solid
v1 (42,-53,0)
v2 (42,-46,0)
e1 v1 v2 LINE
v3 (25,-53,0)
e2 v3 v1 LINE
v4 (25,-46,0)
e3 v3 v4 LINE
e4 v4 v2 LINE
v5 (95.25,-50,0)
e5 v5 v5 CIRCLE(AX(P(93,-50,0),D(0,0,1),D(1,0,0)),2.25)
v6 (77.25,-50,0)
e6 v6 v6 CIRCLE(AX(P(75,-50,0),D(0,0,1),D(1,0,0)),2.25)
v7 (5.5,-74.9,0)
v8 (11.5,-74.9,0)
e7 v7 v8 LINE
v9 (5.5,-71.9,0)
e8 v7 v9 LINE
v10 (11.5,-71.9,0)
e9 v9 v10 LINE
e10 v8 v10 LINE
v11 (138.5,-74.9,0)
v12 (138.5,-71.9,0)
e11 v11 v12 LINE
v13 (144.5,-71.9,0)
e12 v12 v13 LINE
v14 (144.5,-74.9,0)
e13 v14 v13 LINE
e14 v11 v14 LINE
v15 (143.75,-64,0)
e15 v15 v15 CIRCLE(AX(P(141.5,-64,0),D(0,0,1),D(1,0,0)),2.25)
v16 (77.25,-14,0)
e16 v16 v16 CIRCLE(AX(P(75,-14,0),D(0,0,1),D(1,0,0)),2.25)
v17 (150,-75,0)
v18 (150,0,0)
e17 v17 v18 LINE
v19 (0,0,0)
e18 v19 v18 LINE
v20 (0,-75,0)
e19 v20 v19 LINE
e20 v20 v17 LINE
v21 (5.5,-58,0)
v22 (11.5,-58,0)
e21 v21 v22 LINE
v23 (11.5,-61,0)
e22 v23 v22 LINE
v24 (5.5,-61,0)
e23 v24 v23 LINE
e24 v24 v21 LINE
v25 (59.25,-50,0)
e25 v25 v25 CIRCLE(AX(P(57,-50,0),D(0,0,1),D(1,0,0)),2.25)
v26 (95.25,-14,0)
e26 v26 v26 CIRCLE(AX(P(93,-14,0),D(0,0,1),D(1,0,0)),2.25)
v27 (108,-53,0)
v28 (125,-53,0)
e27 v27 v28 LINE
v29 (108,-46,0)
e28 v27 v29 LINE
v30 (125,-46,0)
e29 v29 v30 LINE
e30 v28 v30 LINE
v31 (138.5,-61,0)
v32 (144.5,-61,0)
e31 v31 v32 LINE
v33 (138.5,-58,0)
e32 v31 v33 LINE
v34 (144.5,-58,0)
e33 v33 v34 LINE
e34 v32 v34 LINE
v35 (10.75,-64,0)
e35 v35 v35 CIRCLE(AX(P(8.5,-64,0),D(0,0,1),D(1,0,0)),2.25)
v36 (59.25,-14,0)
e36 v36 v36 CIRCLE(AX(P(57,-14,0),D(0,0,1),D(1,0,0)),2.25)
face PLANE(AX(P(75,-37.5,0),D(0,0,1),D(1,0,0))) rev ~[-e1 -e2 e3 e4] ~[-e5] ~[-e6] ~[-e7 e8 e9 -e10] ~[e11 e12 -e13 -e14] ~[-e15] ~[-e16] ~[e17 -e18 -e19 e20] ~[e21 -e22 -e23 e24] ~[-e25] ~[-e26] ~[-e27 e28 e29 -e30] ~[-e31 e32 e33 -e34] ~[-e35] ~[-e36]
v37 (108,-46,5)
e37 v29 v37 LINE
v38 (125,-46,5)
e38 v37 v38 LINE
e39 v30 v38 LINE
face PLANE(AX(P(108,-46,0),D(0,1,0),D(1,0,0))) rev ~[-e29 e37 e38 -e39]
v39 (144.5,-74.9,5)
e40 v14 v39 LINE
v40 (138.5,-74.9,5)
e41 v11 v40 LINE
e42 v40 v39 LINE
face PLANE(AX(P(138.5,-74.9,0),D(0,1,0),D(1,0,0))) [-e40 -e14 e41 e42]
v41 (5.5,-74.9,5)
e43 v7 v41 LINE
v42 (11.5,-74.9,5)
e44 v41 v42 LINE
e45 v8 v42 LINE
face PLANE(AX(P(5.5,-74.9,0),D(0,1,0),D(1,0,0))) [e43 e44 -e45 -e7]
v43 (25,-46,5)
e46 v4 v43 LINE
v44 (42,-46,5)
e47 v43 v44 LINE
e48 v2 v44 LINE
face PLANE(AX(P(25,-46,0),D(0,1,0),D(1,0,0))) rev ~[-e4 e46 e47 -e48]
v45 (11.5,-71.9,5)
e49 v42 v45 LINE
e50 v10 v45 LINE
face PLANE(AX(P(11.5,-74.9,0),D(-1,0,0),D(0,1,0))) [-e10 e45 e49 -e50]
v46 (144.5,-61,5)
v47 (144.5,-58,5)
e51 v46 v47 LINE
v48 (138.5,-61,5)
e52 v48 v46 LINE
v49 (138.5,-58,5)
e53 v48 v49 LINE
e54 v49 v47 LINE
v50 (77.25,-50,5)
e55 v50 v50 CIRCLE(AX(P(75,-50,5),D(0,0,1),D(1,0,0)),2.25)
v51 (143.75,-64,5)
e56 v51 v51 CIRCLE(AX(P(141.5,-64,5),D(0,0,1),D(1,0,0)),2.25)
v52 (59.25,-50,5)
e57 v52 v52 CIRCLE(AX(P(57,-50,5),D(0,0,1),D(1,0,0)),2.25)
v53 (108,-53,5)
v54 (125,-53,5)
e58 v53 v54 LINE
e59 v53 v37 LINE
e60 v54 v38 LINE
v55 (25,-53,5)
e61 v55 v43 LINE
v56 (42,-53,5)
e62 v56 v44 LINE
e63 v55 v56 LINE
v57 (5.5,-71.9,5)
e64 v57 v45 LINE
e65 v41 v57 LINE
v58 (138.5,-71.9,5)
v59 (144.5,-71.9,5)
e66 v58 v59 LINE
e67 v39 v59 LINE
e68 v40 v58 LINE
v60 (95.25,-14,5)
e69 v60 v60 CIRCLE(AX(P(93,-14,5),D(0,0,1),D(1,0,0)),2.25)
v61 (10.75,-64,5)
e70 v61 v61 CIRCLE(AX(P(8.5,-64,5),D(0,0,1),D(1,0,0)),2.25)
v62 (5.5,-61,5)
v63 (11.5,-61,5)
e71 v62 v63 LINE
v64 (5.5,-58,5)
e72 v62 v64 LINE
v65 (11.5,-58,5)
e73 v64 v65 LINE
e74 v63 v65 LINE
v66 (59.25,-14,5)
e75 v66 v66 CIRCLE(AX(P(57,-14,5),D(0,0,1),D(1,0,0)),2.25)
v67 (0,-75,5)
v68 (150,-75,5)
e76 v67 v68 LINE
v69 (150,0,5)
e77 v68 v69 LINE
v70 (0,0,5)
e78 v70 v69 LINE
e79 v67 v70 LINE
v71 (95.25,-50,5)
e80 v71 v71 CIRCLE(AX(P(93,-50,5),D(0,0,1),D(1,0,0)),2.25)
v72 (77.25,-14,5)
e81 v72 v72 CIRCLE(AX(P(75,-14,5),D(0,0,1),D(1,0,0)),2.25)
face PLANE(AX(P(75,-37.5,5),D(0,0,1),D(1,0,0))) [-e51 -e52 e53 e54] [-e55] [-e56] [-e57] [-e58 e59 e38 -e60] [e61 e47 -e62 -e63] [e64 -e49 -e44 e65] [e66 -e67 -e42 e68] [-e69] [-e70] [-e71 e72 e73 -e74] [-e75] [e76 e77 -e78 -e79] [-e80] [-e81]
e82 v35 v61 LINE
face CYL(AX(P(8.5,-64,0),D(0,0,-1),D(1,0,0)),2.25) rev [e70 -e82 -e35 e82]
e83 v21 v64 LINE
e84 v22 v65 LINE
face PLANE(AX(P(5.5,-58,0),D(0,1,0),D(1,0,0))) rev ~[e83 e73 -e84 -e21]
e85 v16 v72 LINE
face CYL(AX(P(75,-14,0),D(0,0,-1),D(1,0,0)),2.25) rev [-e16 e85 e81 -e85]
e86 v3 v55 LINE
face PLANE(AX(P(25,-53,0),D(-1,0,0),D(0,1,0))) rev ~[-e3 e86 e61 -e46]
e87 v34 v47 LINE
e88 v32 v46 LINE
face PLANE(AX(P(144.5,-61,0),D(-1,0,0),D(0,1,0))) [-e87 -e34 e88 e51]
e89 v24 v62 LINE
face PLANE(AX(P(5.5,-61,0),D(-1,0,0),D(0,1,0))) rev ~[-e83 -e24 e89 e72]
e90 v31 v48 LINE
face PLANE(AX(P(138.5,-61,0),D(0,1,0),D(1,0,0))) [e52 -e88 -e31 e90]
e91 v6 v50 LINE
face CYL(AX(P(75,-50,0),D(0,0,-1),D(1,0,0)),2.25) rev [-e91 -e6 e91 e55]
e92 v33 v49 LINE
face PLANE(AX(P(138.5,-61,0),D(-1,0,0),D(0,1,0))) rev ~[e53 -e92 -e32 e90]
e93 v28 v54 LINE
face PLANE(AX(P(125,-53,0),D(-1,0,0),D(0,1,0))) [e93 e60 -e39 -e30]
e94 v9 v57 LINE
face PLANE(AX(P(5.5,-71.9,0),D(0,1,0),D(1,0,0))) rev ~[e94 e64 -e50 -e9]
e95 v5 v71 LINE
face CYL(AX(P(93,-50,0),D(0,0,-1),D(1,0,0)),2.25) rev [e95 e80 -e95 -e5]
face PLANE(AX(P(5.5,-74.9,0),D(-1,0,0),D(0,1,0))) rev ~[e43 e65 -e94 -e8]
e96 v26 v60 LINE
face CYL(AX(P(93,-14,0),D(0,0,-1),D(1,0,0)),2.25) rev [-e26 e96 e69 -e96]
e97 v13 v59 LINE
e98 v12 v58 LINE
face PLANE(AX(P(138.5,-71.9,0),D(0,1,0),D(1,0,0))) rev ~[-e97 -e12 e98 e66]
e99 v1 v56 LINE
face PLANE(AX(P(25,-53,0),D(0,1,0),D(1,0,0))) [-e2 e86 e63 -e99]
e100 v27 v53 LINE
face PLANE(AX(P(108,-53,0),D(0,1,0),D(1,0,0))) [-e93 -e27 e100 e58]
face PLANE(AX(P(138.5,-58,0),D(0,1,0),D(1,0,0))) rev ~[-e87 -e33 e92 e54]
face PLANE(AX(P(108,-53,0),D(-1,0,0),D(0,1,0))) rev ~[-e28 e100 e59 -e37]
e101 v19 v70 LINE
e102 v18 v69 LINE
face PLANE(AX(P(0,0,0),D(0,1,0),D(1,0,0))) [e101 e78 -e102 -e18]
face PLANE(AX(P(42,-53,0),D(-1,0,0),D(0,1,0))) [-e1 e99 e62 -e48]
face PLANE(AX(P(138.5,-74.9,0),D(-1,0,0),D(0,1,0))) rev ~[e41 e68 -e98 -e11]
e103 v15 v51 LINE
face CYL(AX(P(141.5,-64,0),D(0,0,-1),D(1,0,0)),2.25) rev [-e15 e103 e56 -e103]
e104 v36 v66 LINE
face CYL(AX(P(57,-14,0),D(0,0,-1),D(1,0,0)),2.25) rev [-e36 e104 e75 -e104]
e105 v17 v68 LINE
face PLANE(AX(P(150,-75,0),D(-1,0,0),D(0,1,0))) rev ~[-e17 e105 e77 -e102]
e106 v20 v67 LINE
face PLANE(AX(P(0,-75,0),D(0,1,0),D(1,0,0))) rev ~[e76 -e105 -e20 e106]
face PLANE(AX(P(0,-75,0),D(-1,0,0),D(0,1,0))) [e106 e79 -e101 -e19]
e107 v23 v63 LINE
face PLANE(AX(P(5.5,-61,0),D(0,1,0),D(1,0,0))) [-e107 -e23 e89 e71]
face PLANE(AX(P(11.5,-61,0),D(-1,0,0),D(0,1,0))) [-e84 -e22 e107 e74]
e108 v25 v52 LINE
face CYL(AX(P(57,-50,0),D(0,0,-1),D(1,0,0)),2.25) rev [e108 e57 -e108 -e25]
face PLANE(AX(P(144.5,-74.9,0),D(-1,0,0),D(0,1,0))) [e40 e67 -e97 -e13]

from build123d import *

# Parameters (mm, degrees)
ESQUISSE1_W        = 150
ESQUISSE1_H        = 75
ESQUISSE1_R        = 2.25
ESQUISSE1_W_2      = 6
ESQUISSE1_H_2      = 3
ESQUISSE1_W_3      = 17
ESQUISSE1_H_3      = 7
BOSS_EXTRU_1_DEPTH = 5


with BuildPart() as part:
    # Esquisse1 → Boss.-Extru.1 (new body)
    with BuildSketch(Plane.XY):
        with Locations((75, -37.5)):
            Rectangle(ESQUISSE1_W, ESQUISSE1_H)
        with Locations((8.5, -64)):
            Circle(ESQUISSE1_R, mode=Mode.SUBTRACT)
        with Locations((141.5, -64)):
            Circle(ESQUISSE1_R, mode=Mode.SUBTRACT)
        with Locations((57, -14)):
            Circle(ESQUISSE1_R, mode=Mode.SUBTRACT)
        with Locations((93, -14)):
            Circle(ESQUISSE1_R, mode=Mode.SUBTRACT)
        with Locations((93, -50)):
            Circle(ESQUISSE1_R, mode=Mode.SUBTRACT)
        with Locations((57, -50)):
            Circle(ESQUISSE1_R, mode=Mode.SUBTRACT)
        with Locations((75, -14)):
            Circle(ESQUISSE1_R, mode=Mode.SUBTRACT)
        with Locations((75, -50)):
            Circle(ESQUISSE1_R, mode=Mode.SUBTRACT)
        with Locations((8.5, -59.5)):
            Rectangle(ESQUISSE1_W_2, ESQUISSE1_H_2, mode=Mode.SUBTRACT)
        with Locations((8.5, -73.4)):
            Rectangle(ESQUISSE1_W_2, ESQUISSE1_H_2, mode=Mode.SUBTRACT)
        with Locations((141.5, -59.5)):
            Rectangle(ESQUISSE1_W_2, ESQUISSE1_H_2, mode=Mode.SUBTRACT)
        with Locations((141.5, -73.4)):
            Rectangle(ESQUISSE1_W_2, ESQUISSE1_H_2, mode=Mode.SUBTRACT)
        with Locations((33.5, -49.5)):
            Rectangle(ESQUISSE1_W_3, ESQUISSE1_H_3, mode=Mode.SUBTRACT)
        with Locations((116.5, -49.5)):
            Rectangle(ESQUISSE1_W_3, ESQUISSE1_H_3, mode=Mode.SUBTRACT)
    extrude(amount=BOSS_EXTRU_1_DEPTH)


solid = part.part
